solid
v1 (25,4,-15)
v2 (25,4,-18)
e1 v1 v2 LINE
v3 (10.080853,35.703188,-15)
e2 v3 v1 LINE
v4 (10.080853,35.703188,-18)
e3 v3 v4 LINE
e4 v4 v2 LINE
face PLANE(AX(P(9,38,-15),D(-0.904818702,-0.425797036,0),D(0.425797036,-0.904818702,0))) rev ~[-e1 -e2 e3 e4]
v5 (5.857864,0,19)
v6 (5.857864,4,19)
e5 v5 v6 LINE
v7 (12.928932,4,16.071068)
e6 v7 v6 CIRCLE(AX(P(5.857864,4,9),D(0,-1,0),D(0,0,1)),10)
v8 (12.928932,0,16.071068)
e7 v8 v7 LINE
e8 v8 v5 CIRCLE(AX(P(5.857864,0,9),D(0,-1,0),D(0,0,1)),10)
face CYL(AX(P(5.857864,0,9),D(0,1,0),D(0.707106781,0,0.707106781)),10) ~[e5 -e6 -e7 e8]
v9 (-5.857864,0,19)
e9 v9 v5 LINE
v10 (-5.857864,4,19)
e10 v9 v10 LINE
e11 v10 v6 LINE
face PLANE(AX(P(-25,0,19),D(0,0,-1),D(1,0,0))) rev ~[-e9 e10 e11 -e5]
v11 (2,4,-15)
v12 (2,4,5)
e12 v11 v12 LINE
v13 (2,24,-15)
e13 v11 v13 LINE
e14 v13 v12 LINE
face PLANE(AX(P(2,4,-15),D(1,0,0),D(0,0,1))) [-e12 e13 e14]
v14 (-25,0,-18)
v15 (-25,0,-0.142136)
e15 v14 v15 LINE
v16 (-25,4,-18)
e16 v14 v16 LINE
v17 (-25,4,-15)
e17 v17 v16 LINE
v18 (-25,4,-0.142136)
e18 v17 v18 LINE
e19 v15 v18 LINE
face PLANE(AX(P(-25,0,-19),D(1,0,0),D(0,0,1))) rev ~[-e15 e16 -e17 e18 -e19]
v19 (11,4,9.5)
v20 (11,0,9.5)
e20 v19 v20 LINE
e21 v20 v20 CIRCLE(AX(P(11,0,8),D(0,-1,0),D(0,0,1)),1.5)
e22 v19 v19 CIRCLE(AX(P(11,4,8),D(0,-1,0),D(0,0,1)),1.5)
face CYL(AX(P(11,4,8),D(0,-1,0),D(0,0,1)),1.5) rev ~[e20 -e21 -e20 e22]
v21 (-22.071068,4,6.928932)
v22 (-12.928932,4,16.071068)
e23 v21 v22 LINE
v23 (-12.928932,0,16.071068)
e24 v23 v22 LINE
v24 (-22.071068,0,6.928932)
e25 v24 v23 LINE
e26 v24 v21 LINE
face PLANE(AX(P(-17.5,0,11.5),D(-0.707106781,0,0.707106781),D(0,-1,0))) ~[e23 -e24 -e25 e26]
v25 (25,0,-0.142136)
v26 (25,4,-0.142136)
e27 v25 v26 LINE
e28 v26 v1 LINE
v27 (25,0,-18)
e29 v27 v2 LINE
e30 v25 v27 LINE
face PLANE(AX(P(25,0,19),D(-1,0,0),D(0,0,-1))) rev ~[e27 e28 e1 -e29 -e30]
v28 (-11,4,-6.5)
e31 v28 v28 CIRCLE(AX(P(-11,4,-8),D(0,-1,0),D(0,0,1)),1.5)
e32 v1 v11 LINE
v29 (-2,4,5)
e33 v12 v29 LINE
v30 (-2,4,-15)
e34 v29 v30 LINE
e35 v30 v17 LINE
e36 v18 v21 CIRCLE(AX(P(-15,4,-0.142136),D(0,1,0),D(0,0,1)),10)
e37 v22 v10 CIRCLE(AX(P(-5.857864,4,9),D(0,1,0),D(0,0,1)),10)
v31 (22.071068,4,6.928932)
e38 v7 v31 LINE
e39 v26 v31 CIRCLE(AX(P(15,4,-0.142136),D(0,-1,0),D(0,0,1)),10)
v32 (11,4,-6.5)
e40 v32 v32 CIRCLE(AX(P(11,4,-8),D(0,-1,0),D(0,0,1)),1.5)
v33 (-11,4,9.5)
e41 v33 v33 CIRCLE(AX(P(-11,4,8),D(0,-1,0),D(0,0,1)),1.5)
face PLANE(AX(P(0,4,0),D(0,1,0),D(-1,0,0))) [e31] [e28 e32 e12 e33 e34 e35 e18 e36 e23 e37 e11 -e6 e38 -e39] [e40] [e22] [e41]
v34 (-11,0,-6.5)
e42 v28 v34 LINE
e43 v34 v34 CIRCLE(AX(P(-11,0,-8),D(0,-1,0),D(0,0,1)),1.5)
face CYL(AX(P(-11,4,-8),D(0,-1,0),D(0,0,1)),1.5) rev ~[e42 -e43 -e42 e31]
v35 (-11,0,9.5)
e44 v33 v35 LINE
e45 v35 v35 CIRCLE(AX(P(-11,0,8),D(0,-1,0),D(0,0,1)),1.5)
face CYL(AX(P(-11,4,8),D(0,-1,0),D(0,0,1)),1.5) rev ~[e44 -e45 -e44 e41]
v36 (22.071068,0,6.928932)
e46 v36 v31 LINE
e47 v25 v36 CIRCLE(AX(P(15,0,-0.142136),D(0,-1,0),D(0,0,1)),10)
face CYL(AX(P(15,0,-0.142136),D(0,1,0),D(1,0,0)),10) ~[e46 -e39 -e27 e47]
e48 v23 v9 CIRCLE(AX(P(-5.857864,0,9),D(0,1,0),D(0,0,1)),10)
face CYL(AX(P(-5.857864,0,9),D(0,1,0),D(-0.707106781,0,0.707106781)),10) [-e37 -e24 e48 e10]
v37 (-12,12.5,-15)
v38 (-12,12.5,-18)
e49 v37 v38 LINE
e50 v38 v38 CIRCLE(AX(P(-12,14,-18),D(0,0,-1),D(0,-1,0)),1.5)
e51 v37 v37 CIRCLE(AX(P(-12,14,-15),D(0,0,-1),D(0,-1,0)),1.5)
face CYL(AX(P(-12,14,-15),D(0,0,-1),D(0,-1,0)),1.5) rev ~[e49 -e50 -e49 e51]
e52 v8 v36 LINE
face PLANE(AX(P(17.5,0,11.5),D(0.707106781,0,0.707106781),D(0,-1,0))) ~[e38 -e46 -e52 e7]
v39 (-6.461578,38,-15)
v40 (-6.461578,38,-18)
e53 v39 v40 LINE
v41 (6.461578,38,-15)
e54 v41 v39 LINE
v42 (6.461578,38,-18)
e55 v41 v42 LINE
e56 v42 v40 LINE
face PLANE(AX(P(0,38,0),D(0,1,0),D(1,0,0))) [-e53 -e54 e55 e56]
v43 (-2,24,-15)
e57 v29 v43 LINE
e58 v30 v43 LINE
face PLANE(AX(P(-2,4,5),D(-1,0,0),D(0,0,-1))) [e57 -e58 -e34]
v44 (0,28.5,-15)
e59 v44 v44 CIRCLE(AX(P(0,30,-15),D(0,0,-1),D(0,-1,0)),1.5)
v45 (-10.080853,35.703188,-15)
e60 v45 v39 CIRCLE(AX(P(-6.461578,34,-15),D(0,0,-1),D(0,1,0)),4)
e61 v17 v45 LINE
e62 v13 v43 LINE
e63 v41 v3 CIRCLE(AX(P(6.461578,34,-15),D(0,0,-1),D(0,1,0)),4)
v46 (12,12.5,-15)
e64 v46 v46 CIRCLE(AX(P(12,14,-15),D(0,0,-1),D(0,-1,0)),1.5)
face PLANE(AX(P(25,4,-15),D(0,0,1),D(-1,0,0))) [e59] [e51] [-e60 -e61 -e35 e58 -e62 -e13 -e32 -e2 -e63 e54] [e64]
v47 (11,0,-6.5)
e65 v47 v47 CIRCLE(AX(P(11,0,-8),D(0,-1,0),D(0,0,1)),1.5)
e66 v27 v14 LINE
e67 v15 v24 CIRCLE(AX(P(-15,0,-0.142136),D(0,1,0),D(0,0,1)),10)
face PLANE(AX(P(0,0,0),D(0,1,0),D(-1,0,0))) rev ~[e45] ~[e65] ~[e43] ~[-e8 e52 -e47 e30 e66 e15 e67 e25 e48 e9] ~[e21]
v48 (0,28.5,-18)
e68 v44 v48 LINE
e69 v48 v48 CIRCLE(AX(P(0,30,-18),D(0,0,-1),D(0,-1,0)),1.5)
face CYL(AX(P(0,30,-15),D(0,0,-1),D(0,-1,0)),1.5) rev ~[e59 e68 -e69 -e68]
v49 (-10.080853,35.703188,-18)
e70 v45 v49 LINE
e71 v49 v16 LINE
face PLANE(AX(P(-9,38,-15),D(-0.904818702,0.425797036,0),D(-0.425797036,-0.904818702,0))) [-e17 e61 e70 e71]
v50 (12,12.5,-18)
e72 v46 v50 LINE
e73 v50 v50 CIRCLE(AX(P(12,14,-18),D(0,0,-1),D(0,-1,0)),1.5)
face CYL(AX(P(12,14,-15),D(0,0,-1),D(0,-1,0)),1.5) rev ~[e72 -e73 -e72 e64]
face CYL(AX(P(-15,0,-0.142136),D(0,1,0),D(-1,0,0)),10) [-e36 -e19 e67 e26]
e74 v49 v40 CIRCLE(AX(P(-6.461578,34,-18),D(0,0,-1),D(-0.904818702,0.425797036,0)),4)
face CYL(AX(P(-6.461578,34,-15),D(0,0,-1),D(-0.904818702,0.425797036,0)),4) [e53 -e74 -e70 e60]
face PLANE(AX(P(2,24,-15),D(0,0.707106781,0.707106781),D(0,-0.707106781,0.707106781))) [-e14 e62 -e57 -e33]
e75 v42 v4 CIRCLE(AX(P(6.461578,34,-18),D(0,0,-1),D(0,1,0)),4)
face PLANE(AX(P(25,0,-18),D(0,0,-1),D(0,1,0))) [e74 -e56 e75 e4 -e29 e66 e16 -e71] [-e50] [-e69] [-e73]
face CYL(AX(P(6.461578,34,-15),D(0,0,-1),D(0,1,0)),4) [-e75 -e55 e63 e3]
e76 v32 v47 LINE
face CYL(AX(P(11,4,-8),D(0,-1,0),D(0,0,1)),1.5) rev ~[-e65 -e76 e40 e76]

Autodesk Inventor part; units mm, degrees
ref_plane "YZ Plane" through (0, 0, 0) normal (1, 0, 0) x (0, 1, 0)
ref_plane "XZ Plane" through (0, 0, 0) normal (0, 1, 0) x (-1, 0, 0)
ref_plane "XY Plane" through (0, 0, 0) normal (0, 0, 1) x (1, 0, 0)
sketch "Szkic1" plane through (0, 0, 0) normal (0, 1, 0) x (-1, 0, 0)
  line L0 (25, 19) -> (-25, 19)
  line L1 (-25, 19) -> (-25, -19)
  line L2 (-25, -19) -> (25, -19)
  line L3 (25, -19) -> (25, 19)
  line L4 (25, 19) -> (-25, -19) construction
  line L5 (-25, 19) -> (25, -19) construction
  point P0 (0, 0)
  dimension "d0" = 50
  dimension "d1" = 38
extrude "Wyciągnięcie proste1" add sketch "Szkic1" along normal blind 4
sketch "Szkic2" plane through (0, 4, 0) normal (0, 1, 0) x (1, 0, 0)
  line L0 (-25, 19) -> (-25, -19) projected
  line L1 (25, -19) -> (25, 19) projected
  line L2 (-25, 19) -> (25, 19)
  line L3 (25, 19) -> (25, 15)
  line L4 (25, 15) -> (-25, 15)
  line L5 (-25, 15) -> (-25, 19)
  point P0 (0, 0)
  dimension "d4" = 4
extrude "Wyciągnięcie proste2" add sketch "Szkic2" along normal blind 34
sketch "Szkic3" plane through (0, 4, 0) normal (0, 1, 0) x (1, 0, 0)
  line L0 (25, -19) -> (25, 19) projected
  line L1 (25, 0) -> (-25, 0) construction
  line L2 (-25, 19) -> (-25, -19) projected
  line L3 (-25, 15) -> (25, 15) projected
  line L4 (0, 15) -> (0, -19) construction
  line L5 (0, -15) -> (0, 19) construction
  point P0 (0, 0)
  point P1 (-11, 8)
  point P2 (-11, -8)
  point P3 (11, 8)
  point P4 (11, -8)
  dimension "d7" = 8
  dimension "d8" = 11
hole "Otwór1" at (-11, 4, -8) at (-11, 4, 8) at (11, 4, 8) at (11, 4, -8) direction (0, -1, 0) diameter 3 depth 8 tip angle 118
sketch "Szkic4" plane through (-25, 4, -15) normal (0, 0, 1) x (1, 0, 0)
  line L0 (50, 34) -> (0, 34) projected
  line L1 (0, 0) -> (0, 34) projected
  line L2 (50, 0) -> (0, 0) projected
  line L3 (25, 34) -> (25, 0) construction
  point P0 (25, -4)
  point P1 (25, 26)
  point P2 (13, 10)
  point P3 (37, 10)
  dimension "d16" = 8
  dimension "d17" = 25
  dimension "d18" = 13
  dimension "d19" = 10
hole "Otwór2" at (0, 30, -15) at (-12, 14, -15) at (12, 14, -15) direction (0, 0, -1) diameter 3 depth 8 tip angle 118
sketch "Szkic5" plane through (-25, 4, -15) normal (0, 0, 1) x (1, 0, 0)
  line L0 (0, 34) -> (50, 34) projected
  line L1 (50, 0) -> (50, 34) projected
  line L2 (50, 0) -> (0, 0) projected
  line L3 (34, 34) -> (50, 0)
  line L4 (34, 34) -> (50, 34)
  line L5 (50, 34) -> (50, 0)
  line L6 (25, 34) -> (25, 0) construction
  line L7 (50, 34) -> (0, 34)
  line L8 (0, 0) -> (0, 34)
  line L9 (0, 0) -> (50, 0)
  line L10 (16, 34) -> (0, 0)
  line L11 (16, 34) -> (0, 34)
  line L12 (0, 34) -> (0, 0)
  point P0 (25, -4)
  dimension "d27" = 16
extrude "Wyciągnięcie proste3" cut sketch "Szkic5" against normal blind 34 contours L0 L10 L8 | L0 L1 L3
fillet "Zaokrąglenie1" radius 4 2 edges at (-9, 38, -17) (9, 38, -17)
sketch "Szkic7" plane through (0, 4, 0) normal (0, 1, 0) x (1, 0, 0)
  line L0 (25, 15) -> (-25, 15) projected
  line L1 (-2, 15) -> (2, 15)
  line L2 (2, 15) -> (2, -5)
  line L3 (2, -5) -> (-2, -5)
  line L4 (-2, -5) -> (-2, 15)
  point P0 (0, 0)
  dimension "d31" = 4
  dimension "d32" = 20
  dimension "d33" = 2
extrude "Wyciągnięcie proste4" add sketch "Szkic7" along normal blind 20
sketch "Szkic8" plane through (2, 4, 5) normal (1, 0, 0) x (0, 0, -1)
  line L0 (20, 20) -> (0, 20) projected
  line L1 (20, 20) -> (0, 0)
  line L2 (0, 0) -> (0, 20)
  line L3 (-14, -4) -> (24, -4) projected
  line L4 (0, 20) -> (20, 20)
  point P0 (5, -4)
extrude "Wyciągnięcie proste5" cut sketch "Szkic8" against normal blind 18
sketch "Szkic9" plane through (25, 0, 19) normal (1, 0, 0) x (0, 0, -1)
  line L0 (38, 0) -> (0, 0) projected
  line L1 (38, 0) -> (37, 0)
  line L2 (37, 0) -> (37, 38)
  line L3 (37, 38) -> (38, 38)
  line L4 (38, 38) -> (38, 0)
  point P0 (19, 0)
  dimension "d38" = 1
  dimension "d39" = 38
extrude "Wyciągnięcie proste6" cut sketch "Szkic9" against normal through all
chamfer "Faza1" distance 15 angle 45 2 edges at (25, 2, 19) (-25, 2, 19)
fillet "Zaokrąglenie2" radius 10 4 edges at (25, 2, 4) (10, 2, 19) (-10, 2, 19) (-25, 2, 4)
properties part number "Wspornik" material "Tworzywo sztuczne PET"
